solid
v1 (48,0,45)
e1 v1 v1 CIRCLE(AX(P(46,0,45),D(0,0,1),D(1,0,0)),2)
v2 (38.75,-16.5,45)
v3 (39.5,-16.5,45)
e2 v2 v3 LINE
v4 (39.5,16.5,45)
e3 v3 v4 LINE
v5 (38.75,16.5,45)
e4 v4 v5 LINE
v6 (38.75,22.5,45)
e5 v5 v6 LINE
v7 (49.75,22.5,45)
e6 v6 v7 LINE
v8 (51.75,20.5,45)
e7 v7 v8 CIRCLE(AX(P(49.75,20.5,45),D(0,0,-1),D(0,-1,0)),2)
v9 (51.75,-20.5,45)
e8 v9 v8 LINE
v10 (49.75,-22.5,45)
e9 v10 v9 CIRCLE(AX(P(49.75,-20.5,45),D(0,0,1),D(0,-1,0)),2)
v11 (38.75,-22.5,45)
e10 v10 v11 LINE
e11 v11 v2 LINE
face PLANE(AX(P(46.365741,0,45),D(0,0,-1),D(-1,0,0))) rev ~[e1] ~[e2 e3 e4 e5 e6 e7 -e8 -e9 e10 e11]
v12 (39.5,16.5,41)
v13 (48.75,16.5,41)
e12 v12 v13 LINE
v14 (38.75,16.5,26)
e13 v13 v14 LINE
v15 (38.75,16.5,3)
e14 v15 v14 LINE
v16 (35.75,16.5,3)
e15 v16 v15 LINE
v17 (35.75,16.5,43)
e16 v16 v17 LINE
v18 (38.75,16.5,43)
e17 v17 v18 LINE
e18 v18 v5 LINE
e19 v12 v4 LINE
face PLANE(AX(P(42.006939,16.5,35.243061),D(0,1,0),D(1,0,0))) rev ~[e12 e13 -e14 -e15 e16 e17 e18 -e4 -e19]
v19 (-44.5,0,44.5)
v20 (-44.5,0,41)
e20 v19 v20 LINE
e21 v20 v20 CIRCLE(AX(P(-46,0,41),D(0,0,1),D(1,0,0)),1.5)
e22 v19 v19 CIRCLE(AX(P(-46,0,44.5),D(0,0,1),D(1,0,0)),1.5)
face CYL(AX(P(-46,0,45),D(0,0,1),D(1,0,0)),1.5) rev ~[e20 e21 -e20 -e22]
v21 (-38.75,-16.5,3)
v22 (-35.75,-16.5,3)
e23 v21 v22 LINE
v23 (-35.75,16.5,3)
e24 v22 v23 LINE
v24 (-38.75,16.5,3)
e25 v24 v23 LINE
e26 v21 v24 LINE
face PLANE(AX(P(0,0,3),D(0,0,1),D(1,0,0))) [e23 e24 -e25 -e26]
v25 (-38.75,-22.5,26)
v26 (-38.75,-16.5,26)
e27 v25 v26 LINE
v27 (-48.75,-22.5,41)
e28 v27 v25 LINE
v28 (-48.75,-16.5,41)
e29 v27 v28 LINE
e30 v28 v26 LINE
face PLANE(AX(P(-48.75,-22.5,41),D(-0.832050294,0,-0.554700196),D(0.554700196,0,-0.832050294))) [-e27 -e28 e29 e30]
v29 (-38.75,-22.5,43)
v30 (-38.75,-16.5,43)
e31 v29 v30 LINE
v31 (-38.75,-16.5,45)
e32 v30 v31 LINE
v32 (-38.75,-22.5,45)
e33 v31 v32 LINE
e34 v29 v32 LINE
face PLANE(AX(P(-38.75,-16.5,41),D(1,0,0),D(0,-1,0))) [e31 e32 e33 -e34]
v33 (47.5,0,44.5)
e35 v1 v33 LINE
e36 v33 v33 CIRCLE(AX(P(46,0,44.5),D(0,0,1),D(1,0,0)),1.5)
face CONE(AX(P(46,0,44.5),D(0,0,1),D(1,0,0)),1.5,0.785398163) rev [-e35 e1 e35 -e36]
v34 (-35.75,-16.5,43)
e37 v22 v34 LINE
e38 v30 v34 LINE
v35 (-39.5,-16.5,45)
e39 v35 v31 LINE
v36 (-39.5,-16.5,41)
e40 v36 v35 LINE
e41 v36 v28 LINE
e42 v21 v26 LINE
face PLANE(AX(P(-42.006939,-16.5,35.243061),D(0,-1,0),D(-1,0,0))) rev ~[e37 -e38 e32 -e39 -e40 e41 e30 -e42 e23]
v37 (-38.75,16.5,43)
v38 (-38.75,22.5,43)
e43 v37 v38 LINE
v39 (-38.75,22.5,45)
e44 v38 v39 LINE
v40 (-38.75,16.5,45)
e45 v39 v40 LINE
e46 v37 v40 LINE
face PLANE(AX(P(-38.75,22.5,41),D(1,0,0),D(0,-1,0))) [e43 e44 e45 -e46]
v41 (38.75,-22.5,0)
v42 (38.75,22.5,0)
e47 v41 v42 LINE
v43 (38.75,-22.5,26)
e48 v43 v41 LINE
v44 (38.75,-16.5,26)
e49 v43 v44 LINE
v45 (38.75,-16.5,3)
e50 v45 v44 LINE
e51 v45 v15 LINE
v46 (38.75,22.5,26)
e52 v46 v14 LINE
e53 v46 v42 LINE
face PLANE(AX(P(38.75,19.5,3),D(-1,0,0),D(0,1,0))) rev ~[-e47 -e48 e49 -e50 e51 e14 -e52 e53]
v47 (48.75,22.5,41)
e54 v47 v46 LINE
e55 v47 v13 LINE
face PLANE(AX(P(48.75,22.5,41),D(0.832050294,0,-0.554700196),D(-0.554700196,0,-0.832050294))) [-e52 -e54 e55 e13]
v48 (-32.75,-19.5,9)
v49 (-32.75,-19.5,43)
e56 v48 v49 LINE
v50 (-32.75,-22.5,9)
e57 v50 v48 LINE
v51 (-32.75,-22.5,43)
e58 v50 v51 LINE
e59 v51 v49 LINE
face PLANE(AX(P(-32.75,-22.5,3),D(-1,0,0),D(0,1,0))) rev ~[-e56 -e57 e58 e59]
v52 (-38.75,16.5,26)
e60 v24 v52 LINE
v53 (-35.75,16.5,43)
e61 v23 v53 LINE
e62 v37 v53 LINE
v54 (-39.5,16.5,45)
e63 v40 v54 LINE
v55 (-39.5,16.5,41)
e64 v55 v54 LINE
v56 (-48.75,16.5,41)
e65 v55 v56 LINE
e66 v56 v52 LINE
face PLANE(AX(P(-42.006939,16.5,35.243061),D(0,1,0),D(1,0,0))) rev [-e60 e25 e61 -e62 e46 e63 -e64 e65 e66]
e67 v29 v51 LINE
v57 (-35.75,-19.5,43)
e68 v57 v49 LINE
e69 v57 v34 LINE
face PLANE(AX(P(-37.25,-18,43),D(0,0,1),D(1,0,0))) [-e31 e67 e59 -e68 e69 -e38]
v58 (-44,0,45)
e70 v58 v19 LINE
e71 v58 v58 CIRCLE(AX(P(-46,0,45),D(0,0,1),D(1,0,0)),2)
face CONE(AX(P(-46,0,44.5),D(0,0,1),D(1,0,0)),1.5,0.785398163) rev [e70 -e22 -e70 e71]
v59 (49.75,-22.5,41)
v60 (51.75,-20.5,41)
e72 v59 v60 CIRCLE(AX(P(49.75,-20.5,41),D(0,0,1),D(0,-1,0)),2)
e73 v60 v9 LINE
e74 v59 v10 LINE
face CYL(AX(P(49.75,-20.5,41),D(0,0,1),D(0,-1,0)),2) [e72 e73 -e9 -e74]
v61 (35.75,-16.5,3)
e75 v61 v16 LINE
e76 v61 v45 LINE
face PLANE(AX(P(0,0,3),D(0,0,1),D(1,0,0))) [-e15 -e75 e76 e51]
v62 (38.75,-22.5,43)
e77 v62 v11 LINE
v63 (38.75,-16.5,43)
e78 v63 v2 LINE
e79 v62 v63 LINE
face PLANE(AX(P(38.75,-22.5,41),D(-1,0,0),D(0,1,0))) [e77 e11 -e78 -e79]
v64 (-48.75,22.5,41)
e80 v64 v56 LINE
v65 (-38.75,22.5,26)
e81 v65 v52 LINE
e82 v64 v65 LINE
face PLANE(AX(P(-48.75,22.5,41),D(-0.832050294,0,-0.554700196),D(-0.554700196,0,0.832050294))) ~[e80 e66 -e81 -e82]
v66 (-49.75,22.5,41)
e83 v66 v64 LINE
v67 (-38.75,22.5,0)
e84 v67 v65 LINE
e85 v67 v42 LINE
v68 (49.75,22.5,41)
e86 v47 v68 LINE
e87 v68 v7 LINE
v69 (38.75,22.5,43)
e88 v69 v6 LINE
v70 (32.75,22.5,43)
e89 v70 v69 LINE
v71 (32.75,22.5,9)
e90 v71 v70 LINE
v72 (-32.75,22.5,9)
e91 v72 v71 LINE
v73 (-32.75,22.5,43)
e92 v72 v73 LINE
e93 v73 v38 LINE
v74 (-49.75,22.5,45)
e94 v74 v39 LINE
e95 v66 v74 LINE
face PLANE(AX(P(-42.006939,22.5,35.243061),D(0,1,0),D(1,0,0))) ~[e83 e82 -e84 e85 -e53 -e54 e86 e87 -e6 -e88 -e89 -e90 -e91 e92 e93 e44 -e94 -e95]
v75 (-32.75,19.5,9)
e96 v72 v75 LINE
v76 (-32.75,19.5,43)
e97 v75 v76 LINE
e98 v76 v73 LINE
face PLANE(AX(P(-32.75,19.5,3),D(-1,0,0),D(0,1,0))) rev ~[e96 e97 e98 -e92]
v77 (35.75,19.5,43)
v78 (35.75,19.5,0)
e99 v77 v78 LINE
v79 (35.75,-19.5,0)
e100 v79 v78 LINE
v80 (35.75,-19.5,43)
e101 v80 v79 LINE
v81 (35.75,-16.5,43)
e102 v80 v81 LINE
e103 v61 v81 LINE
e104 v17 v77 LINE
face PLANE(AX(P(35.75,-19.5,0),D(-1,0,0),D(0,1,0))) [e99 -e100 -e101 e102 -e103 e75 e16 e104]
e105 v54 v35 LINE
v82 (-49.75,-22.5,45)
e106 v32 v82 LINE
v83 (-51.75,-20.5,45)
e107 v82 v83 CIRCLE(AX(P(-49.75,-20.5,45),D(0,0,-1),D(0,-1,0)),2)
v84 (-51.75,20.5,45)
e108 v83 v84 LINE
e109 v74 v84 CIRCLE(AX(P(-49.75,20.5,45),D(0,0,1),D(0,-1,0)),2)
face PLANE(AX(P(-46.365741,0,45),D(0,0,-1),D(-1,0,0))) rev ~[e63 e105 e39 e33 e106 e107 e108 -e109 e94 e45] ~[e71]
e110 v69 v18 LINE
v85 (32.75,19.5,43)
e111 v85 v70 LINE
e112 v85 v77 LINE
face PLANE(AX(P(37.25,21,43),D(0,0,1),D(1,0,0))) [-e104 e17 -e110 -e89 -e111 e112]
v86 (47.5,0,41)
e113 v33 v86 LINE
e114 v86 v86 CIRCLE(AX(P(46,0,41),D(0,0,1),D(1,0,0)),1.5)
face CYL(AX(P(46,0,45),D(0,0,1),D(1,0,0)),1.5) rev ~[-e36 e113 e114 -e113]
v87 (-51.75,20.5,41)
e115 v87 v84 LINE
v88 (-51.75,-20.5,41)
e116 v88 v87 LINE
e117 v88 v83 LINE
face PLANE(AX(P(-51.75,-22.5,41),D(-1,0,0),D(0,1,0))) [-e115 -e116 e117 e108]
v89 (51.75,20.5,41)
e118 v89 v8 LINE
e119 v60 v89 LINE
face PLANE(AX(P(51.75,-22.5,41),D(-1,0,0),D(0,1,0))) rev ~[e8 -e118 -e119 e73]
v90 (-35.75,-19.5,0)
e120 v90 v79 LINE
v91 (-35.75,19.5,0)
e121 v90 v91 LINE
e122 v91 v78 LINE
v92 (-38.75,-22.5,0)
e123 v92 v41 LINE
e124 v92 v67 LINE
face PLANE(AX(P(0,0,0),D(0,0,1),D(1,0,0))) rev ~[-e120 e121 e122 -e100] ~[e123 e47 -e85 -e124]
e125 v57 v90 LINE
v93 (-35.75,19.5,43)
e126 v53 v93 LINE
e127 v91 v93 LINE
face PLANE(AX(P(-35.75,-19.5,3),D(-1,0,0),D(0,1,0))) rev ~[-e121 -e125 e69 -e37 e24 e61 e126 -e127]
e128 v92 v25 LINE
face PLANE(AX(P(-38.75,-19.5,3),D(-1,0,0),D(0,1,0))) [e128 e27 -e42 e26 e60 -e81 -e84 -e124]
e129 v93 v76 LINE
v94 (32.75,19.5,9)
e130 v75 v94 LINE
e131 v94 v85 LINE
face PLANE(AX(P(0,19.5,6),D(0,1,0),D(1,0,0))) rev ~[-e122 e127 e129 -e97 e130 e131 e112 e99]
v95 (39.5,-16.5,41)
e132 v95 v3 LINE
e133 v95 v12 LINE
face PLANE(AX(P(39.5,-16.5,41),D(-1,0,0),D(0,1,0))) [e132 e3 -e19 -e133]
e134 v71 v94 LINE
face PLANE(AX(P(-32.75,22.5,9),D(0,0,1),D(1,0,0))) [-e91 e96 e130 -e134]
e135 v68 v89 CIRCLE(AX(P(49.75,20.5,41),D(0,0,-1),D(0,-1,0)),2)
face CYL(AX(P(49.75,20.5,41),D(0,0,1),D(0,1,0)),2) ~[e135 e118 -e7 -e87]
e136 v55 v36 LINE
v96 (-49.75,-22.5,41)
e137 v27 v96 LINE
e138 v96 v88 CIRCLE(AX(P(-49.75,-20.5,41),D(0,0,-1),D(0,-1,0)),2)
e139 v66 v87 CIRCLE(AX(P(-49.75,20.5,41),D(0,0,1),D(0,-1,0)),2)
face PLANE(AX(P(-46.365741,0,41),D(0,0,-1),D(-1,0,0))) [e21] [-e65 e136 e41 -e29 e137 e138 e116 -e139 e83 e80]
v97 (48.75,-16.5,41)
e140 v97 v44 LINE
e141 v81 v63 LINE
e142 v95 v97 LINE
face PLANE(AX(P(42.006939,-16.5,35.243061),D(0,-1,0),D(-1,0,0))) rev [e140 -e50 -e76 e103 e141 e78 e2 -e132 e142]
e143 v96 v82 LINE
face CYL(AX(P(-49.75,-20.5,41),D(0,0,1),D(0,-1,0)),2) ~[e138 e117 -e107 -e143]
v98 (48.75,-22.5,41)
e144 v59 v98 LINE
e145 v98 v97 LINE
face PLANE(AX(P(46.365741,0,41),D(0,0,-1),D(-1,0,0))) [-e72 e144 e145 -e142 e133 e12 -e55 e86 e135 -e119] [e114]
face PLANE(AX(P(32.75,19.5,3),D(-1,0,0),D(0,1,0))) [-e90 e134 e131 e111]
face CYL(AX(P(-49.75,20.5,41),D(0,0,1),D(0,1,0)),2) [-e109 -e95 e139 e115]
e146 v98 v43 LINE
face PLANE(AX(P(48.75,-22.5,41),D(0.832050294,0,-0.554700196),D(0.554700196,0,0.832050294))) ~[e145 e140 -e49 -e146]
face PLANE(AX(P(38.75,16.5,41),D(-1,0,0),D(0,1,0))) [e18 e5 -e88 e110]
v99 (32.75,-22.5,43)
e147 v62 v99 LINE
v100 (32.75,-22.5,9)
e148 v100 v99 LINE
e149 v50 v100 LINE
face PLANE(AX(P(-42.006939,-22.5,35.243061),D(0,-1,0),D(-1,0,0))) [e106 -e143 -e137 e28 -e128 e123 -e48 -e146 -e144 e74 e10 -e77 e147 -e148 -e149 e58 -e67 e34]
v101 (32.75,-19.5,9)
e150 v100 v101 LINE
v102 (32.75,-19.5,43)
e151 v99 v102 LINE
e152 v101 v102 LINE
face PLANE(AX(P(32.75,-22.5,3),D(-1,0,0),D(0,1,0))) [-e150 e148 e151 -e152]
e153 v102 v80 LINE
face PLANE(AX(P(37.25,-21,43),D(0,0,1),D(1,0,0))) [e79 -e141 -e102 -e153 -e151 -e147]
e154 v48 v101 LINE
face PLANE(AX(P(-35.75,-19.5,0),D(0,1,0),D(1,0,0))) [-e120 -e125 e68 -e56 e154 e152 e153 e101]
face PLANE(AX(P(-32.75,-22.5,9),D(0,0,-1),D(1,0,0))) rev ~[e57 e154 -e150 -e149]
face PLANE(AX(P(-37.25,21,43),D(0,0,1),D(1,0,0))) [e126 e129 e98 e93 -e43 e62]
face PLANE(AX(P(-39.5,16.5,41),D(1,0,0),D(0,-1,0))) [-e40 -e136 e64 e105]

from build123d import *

# Parameters (mm, degrees)
SKETCH_1_W             = 77.5
SKETCH_1_H             = 45
SKETCH_1_W_2           = 71.5
SKETCH_1_H_2           = 39
EXTRUDE_1_DEPTH        = 3
SKETCH_2_W             = 3
SKETCH_2_H             = 3
EXTRUDE_2_DEPTH        = 40
SKETCH_3_W             = 3
SKETCH_3_H             = 3
EXTRUDE_3_DEPTH        = 40
EXTRUDE_4_DEPTH        = 2
EXTRUDE_4_DEPTH_BACK   = 2
EXTRUDE_4_2_DEPTH      = 2
EXTRUDE_4_2_DEPTH_BACK = 2
SKETCH_5_W             = 65.5
SKETCH_5_H             = 6
EXTRUDE_5_DEPTH        = 3
SKETCH_6_W             = 65.5
SKETCH_6_H             = 6
EXTRUDE_6_DEPTH        = 3
SKETCH_7_R             = 1.5
CUT_EXTRUDE_1_DEPTH    = 5
CHAMFER_1_SIZE         = 0.5
CHAMFER_2_SIZE         = 0.5
CHAMFER_3_SIZE         = 2
CHAMFER_4_SIZE         = 2
EXTRUDE_7_DEPTH        = 6
MIRROR_2_COPY_1_DEPTH  = 6
MIRROR_2_COPY_2_DEPTH  = 6
SKETCH_9_W             = 2
SKETCH_9_H             = 45
CUT_EXTRUDE_2_DEPTH    = 10
FILLET_1_R             = 2


with BuildPart() as part:
    # 草图1 → 凸台-拉伸1 (new body)
    with BuildSketch(Plane.XY):
        Rectangle(SKETCH_1_W, SKETCH_1_H)
        Rectangle(SKETCH_1_W_2, SKETCH_1_H_2, mode=Mode.SUBTRACT)
    extrude(amount=EXTRUDE_1_DEPTH)

    # 草图2 → 凸台-拉伸2 (add)
    with BuildSketch(Plane.XY.offset(3)):
        with Locations((37.25, 21)):
            Rectangle(SKETCH_2_W, SKETCH_2_H)
        with Locations((-37.25, 21)):
            Rectangle(SKETCH_2_W, SKETCH_2_H)
        with Locations((-37.25, -21)):
            Rectangle(SKETCH_2_W, SKETCH_2_H)
        with Locations((37.25, -21)):
            Rectangle(SKETCH_2_W, SKETCH_2_H)
    extrude(amount=EXTRUDE_2_DEPTH)

    # 草图3 → 凸台-拉伸3 (add)
    with BuildSketch(Plane.XY.offset(3)):
        with Locations((34.25, -21)):
            Rectangle(SKETCH_3_W, SKETCH_3_H)
        with Locations((37.25, 18)):
            Rectangle(SKETCH_3_W, SKETCH_3_H)
        with Locations((34.25, 21)):
            Rectangle(SKETCH_3_W, SKETCH_3_H)
        with Locations((37.25, -18)):
            Rectangle(SKETCH_3_W, SKETCH_3_H)
        with Locations((-34.25, 21)):
            Rectangle(SKETCH_3_W, SKETCH_3_H)
        with Locations((-37.25, 18)):
            Rectangle(SKETCH_3_W, SKETCH_3_H)
        with Locations((-37.25, -18)):
            Rectangle(SKETCH_3_W, SKETCH_3_H)
        with Locations((-34.25, -21)):
            Rectangle(SKETCH_3_W, SKETCH_3_H)
    extrude(amount=EXTRUDE_3_DEPTH)

    # 草图5 → 凸台-拉伸5 (add)
    with BuildSketch(Plane(origin=(0, 22.5, 0), x_dir=(1, 0, 0), z_dir=(0, 1, 0))):
        with Locations((0, -6)):
            Rectangle(SKETCH_5_W, SKETCH_5_H)
    extrude(amount=-EXTRUDE_5_DEPTH)


with BuildPart() as body_2:
    # 草图4 → 凸台-拉伸4 (new, two sides: drawn at the far end of the back side and taken through both)
    with BuildSketch(Plane.XY.offset(43).offset(-EXTRUDE_4_DEPTH_BACK)):
        Polygon((38.75, 22.5), (53.75, 22.5), (53.75, -22.5), (38.75, -22.5), (38.75, -16.5), (39.5, -16.5), (39.5, 16.5), (38.75, 16.5), align=None)
    extrude(amount=EXTRUDE_4_DEPTH + EXTRUDE_4_DEPTH_BACK)


with BuildPart() as body_3:
    # 草图4 → Extrude 4 2 (new, two sides: drawn at the far end of the back side and taken through both)
    with BuildSketch(Plane.XY.offset(43).offset(-EXTRUDE_4_2_DEPTH_BACK)):
        Polygon((-38.75, -16.5), (-38.75, -22.5), (-53.75, -22.5), (-53.75, 22.5), (-38.75, 22.5), (-38.75, 16.5), (-39.5, 16.5), (-39.5, -16.5), align=None)
    extrude(amount=EXTRUDE_4_2_DEPTH + EXTRUDE_4_2_DEPTH_BACK)


with BuildPart() as body_4:
    # 草图6 → 凸台-拉伸6 (new body)
    with BuildSketch(Plane.XZ.offset(22.5)):
        with Locations((0, 6)):
            Rectangle(SKETCH_6_W, SKETCH_6_H)
    extrude(amount=-EXTRUDE_6_DEPTH)


with BuildPart() as cut_extrude_1_tool:
    # 草图7 → 切除-拉伸1 (new body)
    with BuildSketch(Plane.XY.offset(45)):
        with Locations((-46, 0)):
            Circle(SKETCH_7_R)
        with Locations((46, 0)):
            Circle(SKETCH_7_R)
    extrude(amount=-CUT_EXTRUDE_1_DEPTH)


with BuildPart() as body_2_1:
    add(body_2.part)

    # 切除-拉伸1: cut by cut_extrude_1_tool
    add(cut_extrude_1_tool.part, mode=Mode.SUBTRACT)

    # 倒角2
    chamfer_2_edges = [body_2_1.edges().sort_by_distance(p)[0] for p in [
        (44.5, 0, 45),
    ]]
    chamfer(chamfer_2_edges, length=CHAMFER_2_SIZE)

    # 倒角3
    chamfer_3_edges = [body_2_1.edges().sort_by_distance(p)[0] for p in [
        (53.75, -22.5, 43),
        (53.75, 22.5, 43),
    ]]
    chamfer(chamfer_3_edges, length=CHAMFER_3_SIZE)


with BuildPart() as body_3_1:
    add(body_3.part)

    # 切除-拉伸1: cut by cut_extrude_1_tool
    add(cut_extrude_1_tool.part, mode=Mode.SUBTRACT)

    # 倒角1
    chamfer_1_edges = [body_3_1.edges().sort_by_distance(p)[0] for p in [
        (-47.5, 0, 45),
    ]]
    chamfer(chamfer_1_edges, length=CHAMFER_1_SIZE)


with BuildPart() as part_1:
    add(part.part)

    # Combine 1: union body 3
    add(body_3_1.part)


with BuildPart() as body_4_1:
    add(body_4.part)

    # Combine 2: union part
    add(part_1.part)


with BuildPart() as body_2_2:
    add(body_2_1.part)

    # Combine 3: union body 4
    add(body_4_1.part)

    # 倒角4
    chamfer_4_edges = [body_2_2.edges().sort_by_distance(p)[0] for p in [
        (-53.75, -22.5, 43),
        (-53.75, 22.5, 43),
    ]]
    chamfer(chamfer_4_edges, length=CHAMFER_4_SIZE)

    # 草图8 → 凸台-拉伸7 (add)
    with BuildSketch(Plane(origin=(0, 22.5, 0), x_dir=(1, 0, 0), z_dir=(0, 1, 0))):
        Polygon((48.75, -41), (38.75, -26), (38.75, -41), align=None)
    extrude_7 = extrude(amount=-EXTRUDE_7_DEPTH)

    # 镜向1: 凸台-拉伸7 across plane
    add(extrude_7.mirror(Plane(origin=(0, 0, 0), x_dir=(0, 0, 1), z_dir=(1, 0, 0))))

    # 镜向2 copy 1 sketch → 镜向2 copy 1 (add)
    with BuildSketch(Plane(origin=(0, -22.5, 0), x_dir=(-1, 0, 0), z_dir=(0, -1, 0))):
        Polygon((48.75, -41), (38.75, -26), (38.75, -41), align=None)
    extrude(amount=-MIRROR_2_COPY_1_DEPTH)

    # 镜向2 copy 2 sketch → 镜向2 copy 2 (add)
    with BuildSketch(Plane.XZ.offset(22.5)):
        Polygon((48.75, 41), (38.75, 26), (38.75, 41), align=None)
    extrude(amount=-MIRROR_2_COPY_2_DEPTH)

    # 草图9 → 切除-拉伸2 (cut)
    with BuildSketch(Plane(origin=(0, 0, 41), x_dir=(-1, 0, 0), z_dir=(0, 0, -1))):
        with Locations((52.75, 0)):
            Rectangle(SKETCH_9_W, SKETCH_9_H)
        with Locations((-52.75, 0)):
            Rectangle(SKETCH_9_W, SKETCH_9_H)
    extrude(amount=-CUT_EXTRUDE_2_DEPTH, mode=Mode.SUBTRACT)

    # 圆角1
    fillet_1_edges = [body_2_2.edges().sort_by_distance(p)[0] for p in [
        (-51.75, 22.5, 43),
        (-51.75, -22.5, 43),
        (51.75, -22.5, 43),
        (51.75, 22.5, 43),
    ]]
    fillet(fillet_1_edges, radius=FILLET_1_R)


solid = body_2_2.part
